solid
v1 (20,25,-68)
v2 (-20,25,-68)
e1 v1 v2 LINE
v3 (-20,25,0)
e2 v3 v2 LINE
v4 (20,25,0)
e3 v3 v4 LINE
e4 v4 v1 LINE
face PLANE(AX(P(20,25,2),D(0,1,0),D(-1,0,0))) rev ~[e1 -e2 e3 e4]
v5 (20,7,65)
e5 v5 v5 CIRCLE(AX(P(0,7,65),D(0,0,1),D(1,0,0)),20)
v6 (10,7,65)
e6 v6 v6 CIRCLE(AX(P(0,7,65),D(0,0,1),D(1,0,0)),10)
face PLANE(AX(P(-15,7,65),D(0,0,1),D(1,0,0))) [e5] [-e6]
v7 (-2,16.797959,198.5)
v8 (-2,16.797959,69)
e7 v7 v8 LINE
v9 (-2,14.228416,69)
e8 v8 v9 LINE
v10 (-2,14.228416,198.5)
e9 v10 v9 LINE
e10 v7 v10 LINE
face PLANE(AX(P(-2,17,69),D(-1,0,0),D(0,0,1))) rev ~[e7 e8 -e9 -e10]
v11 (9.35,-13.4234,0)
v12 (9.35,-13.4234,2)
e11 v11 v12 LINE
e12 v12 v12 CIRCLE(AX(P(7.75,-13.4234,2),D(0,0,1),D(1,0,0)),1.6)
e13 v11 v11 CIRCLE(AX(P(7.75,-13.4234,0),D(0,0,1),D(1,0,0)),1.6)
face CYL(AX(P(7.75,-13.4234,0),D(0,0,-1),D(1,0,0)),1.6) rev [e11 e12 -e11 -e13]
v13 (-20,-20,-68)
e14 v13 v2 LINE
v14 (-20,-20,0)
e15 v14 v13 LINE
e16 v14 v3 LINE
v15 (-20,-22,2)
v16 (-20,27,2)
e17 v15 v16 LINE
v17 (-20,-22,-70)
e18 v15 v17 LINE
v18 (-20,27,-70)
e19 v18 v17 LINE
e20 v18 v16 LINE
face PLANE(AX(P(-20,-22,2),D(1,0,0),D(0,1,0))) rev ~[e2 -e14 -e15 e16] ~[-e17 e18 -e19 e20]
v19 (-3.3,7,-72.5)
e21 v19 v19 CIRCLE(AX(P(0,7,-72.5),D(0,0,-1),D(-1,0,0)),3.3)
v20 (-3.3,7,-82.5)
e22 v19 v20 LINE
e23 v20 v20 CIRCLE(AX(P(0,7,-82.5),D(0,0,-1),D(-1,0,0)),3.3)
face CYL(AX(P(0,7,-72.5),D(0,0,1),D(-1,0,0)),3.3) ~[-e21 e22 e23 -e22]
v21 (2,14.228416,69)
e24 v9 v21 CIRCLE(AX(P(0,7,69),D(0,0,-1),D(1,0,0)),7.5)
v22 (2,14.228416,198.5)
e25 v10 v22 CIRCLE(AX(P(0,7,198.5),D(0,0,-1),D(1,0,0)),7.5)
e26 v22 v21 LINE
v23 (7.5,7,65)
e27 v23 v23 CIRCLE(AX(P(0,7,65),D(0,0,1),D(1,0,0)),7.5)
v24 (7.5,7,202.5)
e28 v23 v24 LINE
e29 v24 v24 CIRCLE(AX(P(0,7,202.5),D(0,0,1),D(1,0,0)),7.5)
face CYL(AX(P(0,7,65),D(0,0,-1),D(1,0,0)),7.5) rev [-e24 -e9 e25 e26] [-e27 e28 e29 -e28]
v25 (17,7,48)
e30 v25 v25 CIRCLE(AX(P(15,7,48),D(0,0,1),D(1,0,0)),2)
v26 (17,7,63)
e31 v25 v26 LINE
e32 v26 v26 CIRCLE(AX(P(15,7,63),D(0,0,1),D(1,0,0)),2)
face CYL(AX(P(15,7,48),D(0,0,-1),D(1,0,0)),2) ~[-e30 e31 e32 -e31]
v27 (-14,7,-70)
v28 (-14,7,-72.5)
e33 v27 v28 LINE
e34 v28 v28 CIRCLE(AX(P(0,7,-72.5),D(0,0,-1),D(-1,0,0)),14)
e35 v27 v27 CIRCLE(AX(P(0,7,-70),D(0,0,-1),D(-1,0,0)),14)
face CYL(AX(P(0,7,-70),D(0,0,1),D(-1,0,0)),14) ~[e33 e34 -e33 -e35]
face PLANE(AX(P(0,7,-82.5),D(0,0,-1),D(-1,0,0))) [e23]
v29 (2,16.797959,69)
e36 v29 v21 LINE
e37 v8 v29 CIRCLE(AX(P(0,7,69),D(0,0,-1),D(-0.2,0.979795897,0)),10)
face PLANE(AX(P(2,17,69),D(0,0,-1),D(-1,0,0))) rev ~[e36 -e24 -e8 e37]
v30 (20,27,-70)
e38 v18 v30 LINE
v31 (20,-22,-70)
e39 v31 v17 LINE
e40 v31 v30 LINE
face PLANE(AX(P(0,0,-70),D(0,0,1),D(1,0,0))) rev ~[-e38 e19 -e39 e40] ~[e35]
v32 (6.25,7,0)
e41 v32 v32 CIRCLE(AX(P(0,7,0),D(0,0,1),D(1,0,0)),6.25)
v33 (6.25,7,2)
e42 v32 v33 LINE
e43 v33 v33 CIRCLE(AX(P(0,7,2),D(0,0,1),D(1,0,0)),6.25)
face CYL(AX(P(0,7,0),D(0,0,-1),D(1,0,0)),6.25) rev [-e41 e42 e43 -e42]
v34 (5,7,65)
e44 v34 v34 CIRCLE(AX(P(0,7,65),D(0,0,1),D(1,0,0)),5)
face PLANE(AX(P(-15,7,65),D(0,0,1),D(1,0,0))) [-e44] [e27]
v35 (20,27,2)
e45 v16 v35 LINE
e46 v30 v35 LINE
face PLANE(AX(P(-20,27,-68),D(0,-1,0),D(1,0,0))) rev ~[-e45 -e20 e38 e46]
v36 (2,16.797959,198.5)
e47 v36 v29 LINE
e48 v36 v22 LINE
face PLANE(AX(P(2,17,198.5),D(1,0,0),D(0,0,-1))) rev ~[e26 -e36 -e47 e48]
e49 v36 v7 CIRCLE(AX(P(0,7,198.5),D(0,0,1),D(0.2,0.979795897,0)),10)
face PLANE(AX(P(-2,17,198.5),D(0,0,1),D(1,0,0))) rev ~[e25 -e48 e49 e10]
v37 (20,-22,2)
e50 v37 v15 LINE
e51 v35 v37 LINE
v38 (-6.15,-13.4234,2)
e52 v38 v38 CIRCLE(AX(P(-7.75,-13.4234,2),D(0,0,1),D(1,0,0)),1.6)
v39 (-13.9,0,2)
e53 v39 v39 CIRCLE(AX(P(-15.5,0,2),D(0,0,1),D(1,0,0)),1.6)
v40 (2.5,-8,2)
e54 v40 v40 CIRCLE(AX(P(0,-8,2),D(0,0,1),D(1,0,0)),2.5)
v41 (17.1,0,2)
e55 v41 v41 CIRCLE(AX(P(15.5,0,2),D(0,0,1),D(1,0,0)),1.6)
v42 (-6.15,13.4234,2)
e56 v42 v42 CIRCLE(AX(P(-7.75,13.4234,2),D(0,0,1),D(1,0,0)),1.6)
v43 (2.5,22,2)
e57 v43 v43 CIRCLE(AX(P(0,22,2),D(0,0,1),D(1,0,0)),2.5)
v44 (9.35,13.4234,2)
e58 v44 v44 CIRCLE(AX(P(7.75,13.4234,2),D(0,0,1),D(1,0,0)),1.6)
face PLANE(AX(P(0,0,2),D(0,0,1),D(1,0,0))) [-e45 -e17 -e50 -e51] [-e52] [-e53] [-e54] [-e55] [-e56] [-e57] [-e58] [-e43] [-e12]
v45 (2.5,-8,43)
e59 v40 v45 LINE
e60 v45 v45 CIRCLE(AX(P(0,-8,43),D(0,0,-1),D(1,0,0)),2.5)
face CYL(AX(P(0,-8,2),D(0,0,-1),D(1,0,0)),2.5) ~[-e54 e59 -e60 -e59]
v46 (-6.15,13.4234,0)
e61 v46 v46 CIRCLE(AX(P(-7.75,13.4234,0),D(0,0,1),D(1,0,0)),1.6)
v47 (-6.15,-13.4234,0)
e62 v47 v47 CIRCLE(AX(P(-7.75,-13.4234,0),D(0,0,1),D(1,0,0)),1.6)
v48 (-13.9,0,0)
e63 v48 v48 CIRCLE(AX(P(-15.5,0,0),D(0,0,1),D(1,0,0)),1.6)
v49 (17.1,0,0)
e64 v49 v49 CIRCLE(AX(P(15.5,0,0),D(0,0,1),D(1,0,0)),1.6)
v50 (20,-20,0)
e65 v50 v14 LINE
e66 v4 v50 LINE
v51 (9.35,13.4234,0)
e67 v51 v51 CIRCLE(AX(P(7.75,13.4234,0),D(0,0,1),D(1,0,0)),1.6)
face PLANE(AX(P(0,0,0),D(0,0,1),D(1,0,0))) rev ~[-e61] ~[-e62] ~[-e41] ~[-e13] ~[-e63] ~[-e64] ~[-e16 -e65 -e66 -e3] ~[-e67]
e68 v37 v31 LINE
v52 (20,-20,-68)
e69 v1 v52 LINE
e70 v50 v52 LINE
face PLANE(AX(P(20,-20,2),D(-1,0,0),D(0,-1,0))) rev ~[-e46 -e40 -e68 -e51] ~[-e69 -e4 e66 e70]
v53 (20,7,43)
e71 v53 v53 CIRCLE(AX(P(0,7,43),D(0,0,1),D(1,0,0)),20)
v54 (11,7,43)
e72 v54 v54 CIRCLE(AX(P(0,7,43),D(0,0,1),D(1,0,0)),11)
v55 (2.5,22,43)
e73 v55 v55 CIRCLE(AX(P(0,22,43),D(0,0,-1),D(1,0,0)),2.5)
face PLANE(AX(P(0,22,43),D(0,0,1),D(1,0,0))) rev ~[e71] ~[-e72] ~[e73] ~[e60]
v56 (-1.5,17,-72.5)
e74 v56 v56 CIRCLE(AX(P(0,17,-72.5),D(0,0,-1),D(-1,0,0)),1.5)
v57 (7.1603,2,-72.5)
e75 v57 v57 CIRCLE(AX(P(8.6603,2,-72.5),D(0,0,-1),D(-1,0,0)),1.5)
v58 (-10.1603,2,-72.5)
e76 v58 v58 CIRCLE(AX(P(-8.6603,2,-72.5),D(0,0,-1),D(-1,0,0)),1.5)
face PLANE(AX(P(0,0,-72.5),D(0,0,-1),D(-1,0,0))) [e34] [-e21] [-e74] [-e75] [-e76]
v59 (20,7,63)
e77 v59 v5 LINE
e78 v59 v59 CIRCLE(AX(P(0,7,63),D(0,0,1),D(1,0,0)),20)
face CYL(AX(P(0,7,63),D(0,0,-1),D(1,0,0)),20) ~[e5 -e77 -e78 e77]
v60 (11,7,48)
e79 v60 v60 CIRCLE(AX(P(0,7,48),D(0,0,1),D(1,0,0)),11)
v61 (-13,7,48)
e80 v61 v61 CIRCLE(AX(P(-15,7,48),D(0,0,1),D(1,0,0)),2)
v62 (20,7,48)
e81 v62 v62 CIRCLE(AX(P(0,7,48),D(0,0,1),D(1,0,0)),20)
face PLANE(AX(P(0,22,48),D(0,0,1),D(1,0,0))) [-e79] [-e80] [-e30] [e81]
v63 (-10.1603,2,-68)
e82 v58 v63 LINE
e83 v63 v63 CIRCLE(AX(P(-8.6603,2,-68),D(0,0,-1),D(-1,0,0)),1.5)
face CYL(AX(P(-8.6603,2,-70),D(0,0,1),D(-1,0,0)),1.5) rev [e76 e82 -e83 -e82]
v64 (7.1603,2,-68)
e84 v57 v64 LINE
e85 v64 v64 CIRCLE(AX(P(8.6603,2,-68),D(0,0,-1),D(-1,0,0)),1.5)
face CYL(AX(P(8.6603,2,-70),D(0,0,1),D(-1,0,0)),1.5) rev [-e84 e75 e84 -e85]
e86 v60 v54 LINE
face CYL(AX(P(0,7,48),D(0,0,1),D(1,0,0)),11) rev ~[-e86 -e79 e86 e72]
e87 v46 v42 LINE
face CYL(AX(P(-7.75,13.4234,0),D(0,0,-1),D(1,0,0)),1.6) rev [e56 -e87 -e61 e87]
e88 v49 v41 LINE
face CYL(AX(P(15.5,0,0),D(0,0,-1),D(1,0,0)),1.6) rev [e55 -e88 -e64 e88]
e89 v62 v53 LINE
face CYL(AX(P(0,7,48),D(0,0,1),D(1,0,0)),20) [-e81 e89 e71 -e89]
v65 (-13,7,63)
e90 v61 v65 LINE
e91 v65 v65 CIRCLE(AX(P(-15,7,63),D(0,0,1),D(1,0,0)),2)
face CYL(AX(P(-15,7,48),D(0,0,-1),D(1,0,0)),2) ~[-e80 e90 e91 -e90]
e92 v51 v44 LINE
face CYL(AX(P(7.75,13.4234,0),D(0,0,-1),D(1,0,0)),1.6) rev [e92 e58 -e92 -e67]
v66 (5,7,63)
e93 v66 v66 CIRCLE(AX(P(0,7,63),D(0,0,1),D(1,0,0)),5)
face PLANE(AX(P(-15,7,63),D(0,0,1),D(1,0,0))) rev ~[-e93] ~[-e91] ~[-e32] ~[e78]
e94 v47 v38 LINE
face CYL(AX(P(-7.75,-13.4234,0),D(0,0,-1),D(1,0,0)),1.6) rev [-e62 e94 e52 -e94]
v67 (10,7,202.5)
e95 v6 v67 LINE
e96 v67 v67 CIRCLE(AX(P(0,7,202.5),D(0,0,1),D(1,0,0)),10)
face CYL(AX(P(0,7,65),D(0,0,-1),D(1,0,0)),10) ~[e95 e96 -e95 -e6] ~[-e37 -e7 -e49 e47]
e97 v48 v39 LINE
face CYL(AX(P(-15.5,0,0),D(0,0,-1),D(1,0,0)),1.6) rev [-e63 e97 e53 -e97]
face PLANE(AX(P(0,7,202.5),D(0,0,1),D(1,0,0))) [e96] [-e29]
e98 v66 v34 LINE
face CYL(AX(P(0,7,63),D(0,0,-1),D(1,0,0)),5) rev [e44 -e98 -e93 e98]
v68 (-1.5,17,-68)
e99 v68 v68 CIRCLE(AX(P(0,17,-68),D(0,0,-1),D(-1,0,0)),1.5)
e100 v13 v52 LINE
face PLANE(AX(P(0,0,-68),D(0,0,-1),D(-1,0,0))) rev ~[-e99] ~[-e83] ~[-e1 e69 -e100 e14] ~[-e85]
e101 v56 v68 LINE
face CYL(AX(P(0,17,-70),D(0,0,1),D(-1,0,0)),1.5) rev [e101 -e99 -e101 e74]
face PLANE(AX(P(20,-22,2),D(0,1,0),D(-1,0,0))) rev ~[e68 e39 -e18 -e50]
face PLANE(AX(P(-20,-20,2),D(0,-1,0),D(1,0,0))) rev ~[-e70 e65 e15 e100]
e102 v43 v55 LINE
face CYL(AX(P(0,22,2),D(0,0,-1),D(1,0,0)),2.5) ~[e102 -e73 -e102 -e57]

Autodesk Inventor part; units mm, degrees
ref_plane "YZ Plane" through (0, 0, 0) normal (1, 0, 0) x (0, 1, 0)
ref_plane "XZ Plane" through (0, 0, 0) normal (0, 1, 0) x (-1, 0, 0)
sketch "Sketch1" plane through (0, 0, 0) normal (0, 0, 1) x (1, 0, 0)
  circle A0 centre (0, 0) radius 18.5 projected
  arc A1 (-8.9075, 7.6329) -> (8.9075, 7.6329) centre (0, 7) ccw projected
  spline S0 degree 3 poles (8.9075, 7.6329) (8.9044, 7.6769) (8.9082, 7.7215) (8.9387, 7.8037) (8.9677, 7.8415) (9.0503, 7.8747) (9.0975, 7.8677) (9.1766, 7.8302) (9.2105, 7.8009) (9.2388, 7.7672) knots 0 0 0 0 0.25 0.25 0.5 0.5 0.75 0.75 1 1 1 1 projected
  arc A2 (-9.2388, 7.7672) -> (9.2388, 7.7672) centre (0, 0) ccw projected
  spline S1 degree 3 poles (-9.2388, 7.7672) (-9.2105, 7.801) (-9.1766, 7.8302) (-9.0974, 7.8677) (-9.0502, 7.8747) (-8.9678, 7.8415) (-8.9387, 7.8036) (-8.9082, 7.7215) (-8.9044, 7.6769) (-8.9075, 7.6329) knots 0 0 0 0 0.25 0.25 0.5 0.5 0.75 0.75 1 1 1 1 projected
  circle A3 centre (7.75, -13.4234) radius 1.6 projected
  circle A4 centre (-7.75, -13.4234) radius 1.6 projected
  circle A5 centre (-15.5, 0) radius 1.6 projected
  circle A6 centre (-7.75, 13.4234) radius 1.6 projected
  circle A7 centre (7.75, 13.4234) radius 1.6 projected
  circle A8 centre (15.5, 0) radius 1.6 projected
  circle A9 centre (13.4234, 7.75) radius 2.1 projected
  circle A10 centre (-13.4234, 7.75) radius 2.1 projected
  circle A11 centre (0, -15.5) radius 2.1 projected
  circle A12 centre (0, 7) radius 6.25 projected
  line L0 (20, -25) -> (-20, -25)
  line L1 (-20, -25) -> (-20, 25)
  line L2 (-20, 25) -> (20, 25)
  line L3 (20, 25) -> (20, -25)
  line L4 (20, -25) -> (-20, 25) construction
  line L5 (-20, -25) -> (20, 25) construction
  dimension "d0" = 40
  dimension "d1" = 50
extrude "Extrusion1" add sketch "Sketch1" along normal blind 2 contours A0 | A1 S0 A2 S1 | A9 | A10 | A11 | L0 L1 L2 L3
sketch "Sketch2" plane through (0, 0, 2) normal (0, 0, 1) x (1, 0, 0)
  line L0 (-20, -25) -> (20, -25) projected
  line L1 (20, -25) -> (-20, -25)
  line L2 (-20, -25) -> (-20, -27)
  line L3 (-20, -27) -> (20, -27)
  line L4 (20, -27) -> (20, -25)
  line L5 (20, 25) -> (-20, 25) projected
  line L6 (20, 25) -> (-20, 25)
  line L7 (-20, 25) -> (-20, 27)
  line L8 (-20, 27) -> (20, 27)
  line L9 (20, 27) -> (20, 25)
  point P0 (0, 0)
  dimension "d4" = 2
  dimension "d19" = 2
extrude "Extrusion2" add sketch "Sketch2" against normal blind 70
sketch "Sketch5" plane through (0, 0, -68) normal (0, 0, -1) x (-1, 0, 0)
  line L0 (-20, -27) -> (20, -27)
  line L1 (20, -27) -> (20, 27)
  line L2 (20, 27) -> (-20, 27)
  line L3 (-20, 27) -> (-20, -27)
  circle A0 centre (0, 7) radius 6 construction
  circle A1 centre (0, 7) radius 3 construction
  circle A2 centre (0, 17) radius 1.5
  circle A3 centre (-8.6603, 2) radius 1.5
  circle A4 centre (8.6603, 2) radius 1.5
  point P0 (0, 0)
  dimension "d20" = 10
  dimension "d21" = 3
  dimension "d24" = 360
extrude "Extrusion4" add sketch "Sketch5" along normal blind 2
sketch "Sketch6" plane through (0, 0, 2) normal (0, 0, 1) x (1, 0, 0)
  line L0 (20, -27) -> (20, 27) projected
  line L1 (-20, -27) -> (20, -27)
  line L2 (20, -27) -> (20, -20)
  line L3 (20, -20) -> (-20, -20)
  line L4 (-20, -20) -> (-20, -27)
  circle A0 centre (0, 0) radius 18.5 projected
  point P0 (0, 0)
  dimension "d28" = 7
extrude "Extrusion5" cut sketch "Sketch6" against normal up to surface (72 mm away) contours L1 L4 L3 L0
sketch "Sketch7" plane through (0, 0, 2) normal (0, 0, 1) x (1, 0, 0)
  line L0 (-20, 27) -> (-20, -20) projected
  line L1 (20, -20) -> (20, 27) projected
  line L2 (-20, -20) -> (20, -20)
  line L3 (20, -20) -> (20, -22)
  line L4 (20, -22) -> (-20, -22)
  line L5 (-20, -22) -> (-20, -20)
  point P0 (0, 0)
  dimension "d31" = 2
extrude "Extrusion6" add sketch "Sketch7" against normal up to surface (72 mm away)
sketch "Sketch8" plane through (0, 0, 2) normal (0, 0, 1) x (1, 0, 0)
  circle A0 centre (0, 22) radius 2.5
  circle A1 centre (0, -8) radius 2.5
  point P0 (0, 0)
  dimension "d34" = 22
  dimension "d35" = 5
  dimension "d36" = 8
extrude "Extrusion7" add sketch "Sketch8" along normal blind 46
sketch "Sketch11" plane through (0, 22, 48) normal (0, 0, 1) x (1, 0, 0)
  circle A0 centre (0, -15) radius 8 construction
  circle A1 centre (0, -15) radius 20
  circle A2 centre (0, -15) radius 11
  point P0 (0, -22)
  dimension "d44" = 40
  dimension "d45" = 22
extrude "Extrusion9" add sketch "Sketch11" against normal blind 5
sketch "Sketch14" plane through (0, 7, 48) normal (0, 0, 1) x (1, 0, 0)
  circle A0 centre (-15, 0) radius 2
  circle A1 centre (0, 0) radius 6.282 construction
  circle A2 centre (15, 0) radius 2
  point P0 (0, -7)
  dimension "d60" = 15
  dimension "d61" = 4
  dimension "d64" = 360
extrude "Extrusion12" add sketch "Sketch14" along normal blind 15
sketch "Sketch15" plane through (-15, 7, 63) normal (0, 0, 1) x (1, 0, 0)
  circle A0 centre (15, 0) radius 4 construction
  circle A1 centre (15, 0) radius 11 construction
  circle A2 centre (15, 0) radius 20
  circle A3 centre (15, 0) radius 20 projected
  circle A4 centre (15, 0) radius 5
  point P0 (15, -7)
  dimension "d68" = 40
  dimension "d69" = 10
extrude "Extrusion13" add sketch "Sketch15" along normal blind 2
sketch "Sketch16" plane through (0, 7, 65) normal (0, 0, 1) x (1, 0, 0)
  circle A0 centre (0, 0) radius 5 construction
  circle A1 centre (0, 0) radius 7.5
  circle A2 centre (0, 0) radius 11 construction
  circle A3 centre (0, 0) radius 10
  point P0 (0, -7)
  dimension "d72" = 15
  dimension "d73" = 20
extrude "Extrusion14" add sketch "Sketch16" along normal blind 137.5
ref_plane "Work Plane1" through (0, 17, 65) normal (0, 1, 0) x (-1, 0, 0)
sketch "Sketch17" plane through (0, 17, 65) normal (0, 1, 0) x (-1, 0, 0)
  line L0 (2, 133.5) -> (-2, 133.5)
  line L1 (-2, 133.5) -> (-2, 4)
  line L2 (-2, 4) -> (2, 4)
  line L3 (2, 4) -> (2, 133.5)
  line L4 (-10, 0) -> (-10, 137.5) projected
  line L5 (10, 0) -> (10, 137.5) projected
  line L6 (10, 137.5) -> (-10, 137.5) projected
  line L7 (-10, 0) -> (10, 0) projected
  point P0 (0, -65)
  dimension "d76" = 4
  dimension "d77" = 4
  dimension "d78" = 8
  dimension "d79" = 8
extrude "Extrusion15" cut sketch "Sketch17" against normal up to surface contours L3 L2 L1 L0
sketch "Sketch18" plane through (0, 0, -70) normal (0, 0, -1) x (-1, 0, 0)
  circle A0 centre (0, 7) radius 6 construction
  circle A1 centre (0, 7) radius 14
  circle A2 centre (0, 17) radius 1.5 projected
  circle A3 centre (-8.6603, 2) radius 1.5 projected
  circle A4 centre (8.6603, 2) radius 1.5 projected
  point P0 (0, 0)
  dimension "d82" = 28
extrude "Extrusion16" add sketch "Sketch18" along normal blind 2.5
sketch "Sketch19" plane through (0, 7, -72.5) normal (0, 0, -1) x (-1, 0, 0)
  circle A0 centre (0, 0) radius 14 construction
  circle A1 centre (0, 0) radius 3.3
  point P0 (0, -7)
  point P1 (-1.4736, 13.9222)
  point P2 (1.4736, 13.9222)
  dimension "d85" = 6.6
extrude "Extrusion17" add sketch "Sketch19" along normal blind 10
properties part number "motor bracket"
